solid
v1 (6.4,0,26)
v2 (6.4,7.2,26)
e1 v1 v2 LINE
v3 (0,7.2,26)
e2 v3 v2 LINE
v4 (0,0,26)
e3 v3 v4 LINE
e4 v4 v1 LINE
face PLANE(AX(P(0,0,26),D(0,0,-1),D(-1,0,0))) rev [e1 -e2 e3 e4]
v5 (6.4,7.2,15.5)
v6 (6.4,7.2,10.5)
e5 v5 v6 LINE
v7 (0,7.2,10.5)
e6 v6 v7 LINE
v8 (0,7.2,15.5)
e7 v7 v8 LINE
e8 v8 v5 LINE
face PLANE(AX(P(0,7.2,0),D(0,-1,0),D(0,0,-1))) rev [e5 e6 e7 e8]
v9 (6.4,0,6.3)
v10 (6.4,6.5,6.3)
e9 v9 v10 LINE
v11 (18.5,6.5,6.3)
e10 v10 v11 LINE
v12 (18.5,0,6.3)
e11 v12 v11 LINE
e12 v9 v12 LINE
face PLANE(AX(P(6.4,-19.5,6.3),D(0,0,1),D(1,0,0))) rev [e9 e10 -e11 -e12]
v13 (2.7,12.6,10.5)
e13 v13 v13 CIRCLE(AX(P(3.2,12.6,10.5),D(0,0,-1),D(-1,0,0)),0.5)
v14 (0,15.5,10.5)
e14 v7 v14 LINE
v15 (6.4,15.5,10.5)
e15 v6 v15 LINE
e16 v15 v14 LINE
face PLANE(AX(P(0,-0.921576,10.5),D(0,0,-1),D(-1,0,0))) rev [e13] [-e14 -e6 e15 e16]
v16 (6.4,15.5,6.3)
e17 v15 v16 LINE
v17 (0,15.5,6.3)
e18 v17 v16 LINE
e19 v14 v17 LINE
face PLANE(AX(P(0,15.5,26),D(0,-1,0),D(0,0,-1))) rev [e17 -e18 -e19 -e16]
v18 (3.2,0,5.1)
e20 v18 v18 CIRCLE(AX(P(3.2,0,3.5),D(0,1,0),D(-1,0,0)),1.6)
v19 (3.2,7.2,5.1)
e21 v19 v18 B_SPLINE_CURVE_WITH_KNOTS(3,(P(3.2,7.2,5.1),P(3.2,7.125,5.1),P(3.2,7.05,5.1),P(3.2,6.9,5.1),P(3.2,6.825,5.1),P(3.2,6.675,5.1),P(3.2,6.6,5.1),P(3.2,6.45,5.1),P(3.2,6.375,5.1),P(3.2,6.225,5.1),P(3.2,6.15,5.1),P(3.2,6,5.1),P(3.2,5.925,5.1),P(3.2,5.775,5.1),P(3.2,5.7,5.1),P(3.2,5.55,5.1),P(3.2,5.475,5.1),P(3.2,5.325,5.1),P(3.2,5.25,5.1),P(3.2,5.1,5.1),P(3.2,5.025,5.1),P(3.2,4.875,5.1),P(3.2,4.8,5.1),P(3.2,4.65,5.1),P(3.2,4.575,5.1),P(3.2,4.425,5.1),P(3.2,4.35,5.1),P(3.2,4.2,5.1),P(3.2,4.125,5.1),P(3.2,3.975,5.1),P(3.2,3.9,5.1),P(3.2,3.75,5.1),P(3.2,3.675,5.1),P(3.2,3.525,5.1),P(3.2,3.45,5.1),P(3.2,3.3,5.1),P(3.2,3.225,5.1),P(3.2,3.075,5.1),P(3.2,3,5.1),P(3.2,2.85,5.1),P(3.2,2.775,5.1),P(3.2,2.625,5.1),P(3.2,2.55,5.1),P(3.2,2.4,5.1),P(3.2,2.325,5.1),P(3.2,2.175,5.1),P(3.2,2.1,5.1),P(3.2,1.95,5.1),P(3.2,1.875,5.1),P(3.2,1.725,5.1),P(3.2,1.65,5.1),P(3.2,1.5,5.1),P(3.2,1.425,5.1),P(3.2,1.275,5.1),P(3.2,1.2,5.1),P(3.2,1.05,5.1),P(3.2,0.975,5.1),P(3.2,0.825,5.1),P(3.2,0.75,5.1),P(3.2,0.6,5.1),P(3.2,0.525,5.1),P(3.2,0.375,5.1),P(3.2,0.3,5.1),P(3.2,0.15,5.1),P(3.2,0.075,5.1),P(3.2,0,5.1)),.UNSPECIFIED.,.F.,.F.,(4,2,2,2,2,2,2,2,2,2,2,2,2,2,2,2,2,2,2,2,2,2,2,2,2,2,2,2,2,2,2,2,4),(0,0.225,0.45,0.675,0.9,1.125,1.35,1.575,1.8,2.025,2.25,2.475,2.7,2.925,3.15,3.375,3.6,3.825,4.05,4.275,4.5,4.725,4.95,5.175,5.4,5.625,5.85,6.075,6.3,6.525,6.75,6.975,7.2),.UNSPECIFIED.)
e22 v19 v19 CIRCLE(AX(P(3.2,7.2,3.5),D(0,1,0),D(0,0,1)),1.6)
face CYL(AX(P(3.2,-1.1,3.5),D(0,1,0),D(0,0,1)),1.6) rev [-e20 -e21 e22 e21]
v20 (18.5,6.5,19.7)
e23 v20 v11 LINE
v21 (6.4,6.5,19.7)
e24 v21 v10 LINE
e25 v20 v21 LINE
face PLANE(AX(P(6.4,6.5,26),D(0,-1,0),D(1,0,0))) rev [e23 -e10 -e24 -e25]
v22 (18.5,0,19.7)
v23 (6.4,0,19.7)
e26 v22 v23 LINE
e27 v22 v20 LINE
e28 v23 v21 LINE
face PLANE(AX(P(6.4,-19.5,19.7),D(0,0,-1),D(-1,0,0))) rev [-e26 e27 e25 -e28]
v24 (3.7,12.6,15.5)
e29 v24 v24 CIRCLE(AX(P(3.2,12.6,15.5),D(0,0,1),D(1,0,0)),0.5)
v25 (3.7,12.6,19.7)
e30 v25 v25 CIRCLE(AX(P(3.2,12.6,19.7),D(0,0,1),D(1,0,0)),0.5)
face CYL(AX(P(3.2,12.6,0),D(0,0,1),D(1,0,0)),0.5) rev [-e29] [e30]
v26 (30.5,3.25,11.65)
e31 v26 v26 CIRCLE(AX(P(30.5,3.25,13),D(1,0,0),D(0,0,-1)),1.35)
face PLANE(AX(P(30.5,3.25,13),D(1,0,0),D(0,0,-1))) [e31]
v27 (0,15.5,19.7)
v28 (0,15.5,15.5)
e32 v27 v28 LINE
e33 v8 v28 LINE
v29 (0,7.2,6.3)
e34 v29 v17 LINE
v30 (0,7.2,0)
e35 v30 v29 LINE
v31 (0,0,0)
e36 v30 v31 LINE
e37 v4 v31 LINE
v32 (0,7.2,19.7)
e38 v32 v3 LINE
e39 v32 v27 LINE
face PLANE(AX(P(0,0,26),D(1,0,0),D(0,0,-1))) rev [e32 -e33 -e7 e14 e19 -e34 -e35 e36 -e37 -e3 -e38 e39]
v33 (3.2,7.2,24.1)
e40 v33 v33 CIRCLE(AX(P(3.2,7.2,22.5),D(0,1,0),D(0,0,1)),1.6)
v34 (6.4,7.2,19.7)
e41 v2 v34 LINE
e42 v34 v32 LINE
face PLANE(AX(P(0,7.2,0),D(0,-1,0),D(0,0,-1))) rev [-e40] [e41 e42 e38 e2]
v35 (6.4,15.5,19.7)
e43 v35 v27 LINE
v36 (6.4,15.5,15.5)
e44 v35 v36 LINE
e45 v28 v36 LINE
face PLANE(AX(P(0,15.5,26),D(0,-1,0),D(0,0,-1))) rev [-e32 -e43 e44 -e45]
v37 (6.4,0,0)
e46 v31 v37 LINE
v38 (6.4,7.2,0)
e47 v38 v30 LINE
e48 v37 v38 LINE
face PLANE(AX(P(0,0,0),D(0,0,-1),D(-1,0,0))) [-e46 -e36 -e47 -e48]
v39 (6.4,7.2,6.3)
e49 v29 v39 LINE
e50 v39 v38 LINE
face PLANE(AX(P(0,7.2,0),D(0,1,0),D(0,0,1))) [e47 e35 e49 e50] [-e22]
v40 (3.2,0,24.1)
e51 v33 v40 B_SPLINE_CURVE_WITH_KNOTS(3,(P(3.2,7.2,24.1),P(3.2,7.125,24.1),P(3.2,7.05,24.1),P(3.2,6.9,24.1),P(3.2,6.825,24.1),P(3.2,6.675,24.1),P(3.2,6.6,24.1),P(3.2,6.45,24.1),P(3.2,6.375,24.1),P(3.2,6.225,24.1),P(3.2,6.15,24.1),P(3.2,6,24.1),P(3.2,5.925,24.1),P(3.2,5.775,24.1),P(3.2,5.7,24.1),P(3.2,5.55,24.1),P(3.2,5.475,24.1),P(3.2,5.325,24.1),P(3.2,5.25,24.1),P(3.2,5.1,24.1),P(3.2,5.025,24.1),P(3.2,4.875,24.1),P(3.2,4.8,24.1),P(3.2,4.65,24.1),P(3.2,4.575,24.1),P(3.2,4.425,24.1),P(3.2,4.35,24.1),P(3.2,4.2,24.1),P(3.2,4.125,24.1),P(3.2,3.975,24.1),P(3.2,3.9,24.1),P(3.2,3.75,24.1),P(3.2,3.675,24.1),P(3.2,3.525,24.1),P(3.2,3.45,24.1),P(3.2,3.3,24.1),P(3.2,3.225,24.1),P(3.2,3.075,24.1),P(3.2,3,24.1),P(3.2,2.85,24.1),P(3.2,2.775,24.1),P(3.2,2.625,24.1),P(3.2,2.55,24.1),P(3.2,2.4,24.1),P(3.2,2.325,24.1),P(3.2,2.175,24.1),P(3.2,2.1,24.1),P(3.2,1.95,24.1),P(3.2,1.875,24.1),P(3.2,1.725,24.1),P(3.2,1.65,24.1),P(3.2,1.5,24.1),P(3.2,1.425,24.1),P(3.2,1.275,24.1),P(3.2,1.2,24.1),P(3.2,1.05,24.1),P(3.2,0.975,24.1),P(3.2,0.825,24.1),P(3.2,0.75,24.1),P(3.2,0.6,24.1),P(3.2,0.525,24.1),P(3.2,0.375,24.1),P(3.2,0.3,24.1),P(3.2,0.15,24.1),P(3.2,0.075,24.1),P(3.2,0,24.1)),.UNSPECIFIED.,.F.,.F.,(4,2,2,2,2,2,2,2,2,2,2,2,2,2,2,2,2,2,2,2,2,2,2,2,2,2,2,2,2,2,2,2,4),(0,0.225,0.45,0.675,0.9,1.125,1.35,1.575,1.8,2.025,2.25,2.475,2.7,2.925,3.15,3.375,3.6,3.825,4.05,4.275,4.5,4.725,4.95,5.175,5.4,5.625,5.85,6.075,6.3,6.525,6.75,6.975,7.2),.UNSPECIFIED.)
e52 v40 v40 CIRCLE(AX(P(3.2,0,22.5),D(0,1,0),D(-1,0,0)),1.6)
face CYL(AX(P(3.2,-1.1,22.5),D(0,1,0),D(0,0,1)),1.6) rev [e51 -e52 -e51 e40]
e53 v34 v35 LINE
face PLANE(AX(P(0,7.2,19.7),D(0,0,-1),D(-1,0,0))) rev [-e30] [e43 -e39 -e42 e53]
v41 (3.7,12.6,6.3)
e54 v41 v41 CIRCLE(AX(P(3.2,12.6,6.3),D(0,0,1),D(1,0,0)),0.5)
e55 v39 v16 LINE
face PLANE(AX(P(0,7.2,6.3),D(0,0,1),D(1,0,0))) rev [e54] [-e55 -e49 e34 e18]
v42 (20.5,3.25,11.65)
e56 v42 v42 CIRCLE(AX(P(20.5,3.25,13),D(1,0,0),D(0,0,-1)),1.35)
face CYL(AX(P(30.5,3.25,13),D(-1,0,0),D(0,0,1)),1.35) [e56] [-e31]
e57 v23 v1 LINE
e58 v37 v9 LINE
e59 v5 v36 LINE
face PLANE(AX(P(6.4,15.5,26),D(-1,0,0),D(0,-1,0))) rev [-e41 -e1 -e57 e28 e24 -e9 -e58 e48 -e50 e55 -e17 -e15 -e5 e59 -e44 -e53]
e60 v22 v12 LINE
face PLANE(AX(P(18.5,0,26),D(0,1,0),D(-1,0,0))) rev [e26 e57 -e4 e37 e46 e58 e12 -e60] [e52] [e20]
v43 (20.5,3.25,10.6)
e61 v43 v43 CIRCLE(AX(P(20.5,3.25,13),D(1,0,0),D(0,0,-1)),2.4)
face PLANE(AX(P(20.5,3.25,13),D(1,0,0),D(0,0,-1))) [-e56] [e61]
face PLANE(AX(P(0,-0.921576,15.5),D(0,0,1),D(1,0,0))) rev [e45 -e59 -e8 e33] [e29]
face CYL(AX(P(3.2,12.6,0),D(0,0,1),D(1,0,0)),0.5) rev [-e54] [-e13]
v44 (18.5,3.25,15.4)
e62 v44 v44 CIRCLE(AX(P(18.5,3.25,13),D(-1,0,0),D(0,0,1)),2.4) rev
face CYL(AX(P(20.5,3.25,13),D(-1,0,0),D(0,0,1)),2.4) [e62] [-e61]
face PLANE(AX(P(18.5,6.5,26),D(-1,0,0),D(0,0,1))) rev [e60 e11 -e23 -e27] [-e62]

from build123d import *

# Parameters (mm, degrees)
AUFSATZ_LINEAR_AUSTRAGEN1_DEPTH = 26
SKIZZE2_W                       = 12.1
SKIZZE2_H                       = 6.3
SCHNITT_LINEAR_AUSTRAGEN1_DEPTH = 26
SKIZZE3_W                       = 6.4
SKIZZE3_H                       = 6.3
SCHNITT_LINEAR_AUSTRAGEN2_DEPTH = 8.3
SKIZZE4_W                       = 6.4
SKIZZE4_H                       = 5
SCHNITT_LINEAR_AUSTRAGEN3_DEPTH = 8.3
SKIZZE5_R                       = 0.5
SCHNITT_LINEAR_AUSTRAGEN4_DEPTH = 32.154293444
SKIZZE6_R                       = 1.6
SCHNITT_LINEAR_AUSTRAGEN5_DEPTH = 8.3
SKIZZE7_R                       = 2.4
AUFSATZ_LINEAR_AUSTRAGEN2_DEPTH = 2
SKIZZE8_R                       = 1.35
AUFSATZ_LINEAR_AUSTRAGEN3_DEPTH = 10


with BuildPart() as part:
    # Skizze1 → Aufsatz-Linear austragen1 (new body)
    with BuildSketch(Plane.XY):
        Polygon((0, 0), (0, 15.5), (6.4, 15.5), (6.4, 6.5), (18.5, 6.5), (18.5, 0), align=None)
    extrude(amount=AUFSATZ_LINEAR_AUSTRAGEN1_DEPTH)

    # Skizze2 → Schnitt-Linear austragen1 (cut)
    with BuildSketch(Plane(origin=(0, 6.5, 0), x_dir=(1, 0, 0), z_dir=(0, 1, 0))):
        with Locations((12.45, -22.85)):
            Rectangle(SKIZZE2_W, SKIZZE2_H)
        with Locations((12.45, -3.15)):
            Rectangle(SKIZZE2_W, SKIZZE2_H)
    extrude(amount=-SCHNITT_LINEAR_AUSTRAGEN1_DEPTH, mode=Mode.SUBTRACT)

    # Skizze3 → Schnitt-Linear austragen2 (cut)
    with BuildSketch(Plane(origin=(0, 15.5, 0), x_dir=(1, 0, 0), z_dir=(0, 1, 0))):
        with Locations((3.2, -22.85)):
            Rectangle(SKIZZE3_W, SKIZZE3_H)
        with Locations((3.2, -3.15)):
            Rectangle(SKIZZE3_W, SKIZZE3_H)
    extrude(amount=-SCHNITT_LINEAR_AUSTRAGEN2_DEPTH, mode=Mode.SUBTRACT)

    # Skizze4 → Schnitt-Linear austragen3 (cut)
    with BuildSketch(Plane(origin=(0, 15.5, 0), x_dir=(1, 0, 0), z_dir=(0, 1, 0))):
        with Locations((3.2, -13)):
            Rectangle(SKIZZE4_W, SKIZZE4_H)
    extrude(amount=-SCHNITT_LINEAR_AUSTRAGEN3_DEPTH, mode=Mode.SUBTRACT)

    # Skizze5 → Schnitt-Linear austragen4 (cut, through all)
    with BuildSketch(Plane.XY.offset(19.7)):
        with Locations((3.2, 12.6)):
            Circle(SKIZZE5_R)
    extrude(amount=-SCHNITT_LINEAR_AUSTRAGEN4_DEPTH, mode=Mode.SUBTRACT)

    # Skizze6 → Schnitt-Linear austragen5 (cut)
    with BuildSketch(Plane(origin=(0, 7.2, 0), x_dir=(1, 0, 0), z_dir=(0, 1, 0))):
        with Locations(Location((3.2, -22.5, 0), (0, 0, 270))):
            Circle(SKIZZE6_R)
        with Locations(Location((3.2, -3.5, 0), (0, 0, 270))):
            Circle(SKIZZE6_R)
    extrude(amount=-SCHNITT_LINEAR_AUSTRAGEN5_DEPTH, mode=Mode.SUBTRACT)

    # Skizze7 → Aufsatz-Linear austragen2 (add)
    with BuildSketch(Plane(origin=(18.5, 0, 0), x_dir=(0, 0, -1), z_dir=(1, 0, 0))):
        with Locations(Location((-13, 3.25, 0), (0, 0, 180))):
            Circle(SKIZZE7_R)
    extrude(amount=AUFSATZ_LINEAR_AUSTRAGEN2_DEPTH)

    # Skizze8 → Aufsatz-Linear austragen3 (add)
    with BuildSketch(Plane(origin=(20.5, 0, 0), x_dir=(0, 0, -1), z_dir=(1, 0, 0))):
        with Locations((-13, 3.25)):
            Circle(SKIZZE8_R)
    extrude(amount=AUFSATZ_LINEAR_AUSTRAGEN3_DEPTH)


solid = part.part
